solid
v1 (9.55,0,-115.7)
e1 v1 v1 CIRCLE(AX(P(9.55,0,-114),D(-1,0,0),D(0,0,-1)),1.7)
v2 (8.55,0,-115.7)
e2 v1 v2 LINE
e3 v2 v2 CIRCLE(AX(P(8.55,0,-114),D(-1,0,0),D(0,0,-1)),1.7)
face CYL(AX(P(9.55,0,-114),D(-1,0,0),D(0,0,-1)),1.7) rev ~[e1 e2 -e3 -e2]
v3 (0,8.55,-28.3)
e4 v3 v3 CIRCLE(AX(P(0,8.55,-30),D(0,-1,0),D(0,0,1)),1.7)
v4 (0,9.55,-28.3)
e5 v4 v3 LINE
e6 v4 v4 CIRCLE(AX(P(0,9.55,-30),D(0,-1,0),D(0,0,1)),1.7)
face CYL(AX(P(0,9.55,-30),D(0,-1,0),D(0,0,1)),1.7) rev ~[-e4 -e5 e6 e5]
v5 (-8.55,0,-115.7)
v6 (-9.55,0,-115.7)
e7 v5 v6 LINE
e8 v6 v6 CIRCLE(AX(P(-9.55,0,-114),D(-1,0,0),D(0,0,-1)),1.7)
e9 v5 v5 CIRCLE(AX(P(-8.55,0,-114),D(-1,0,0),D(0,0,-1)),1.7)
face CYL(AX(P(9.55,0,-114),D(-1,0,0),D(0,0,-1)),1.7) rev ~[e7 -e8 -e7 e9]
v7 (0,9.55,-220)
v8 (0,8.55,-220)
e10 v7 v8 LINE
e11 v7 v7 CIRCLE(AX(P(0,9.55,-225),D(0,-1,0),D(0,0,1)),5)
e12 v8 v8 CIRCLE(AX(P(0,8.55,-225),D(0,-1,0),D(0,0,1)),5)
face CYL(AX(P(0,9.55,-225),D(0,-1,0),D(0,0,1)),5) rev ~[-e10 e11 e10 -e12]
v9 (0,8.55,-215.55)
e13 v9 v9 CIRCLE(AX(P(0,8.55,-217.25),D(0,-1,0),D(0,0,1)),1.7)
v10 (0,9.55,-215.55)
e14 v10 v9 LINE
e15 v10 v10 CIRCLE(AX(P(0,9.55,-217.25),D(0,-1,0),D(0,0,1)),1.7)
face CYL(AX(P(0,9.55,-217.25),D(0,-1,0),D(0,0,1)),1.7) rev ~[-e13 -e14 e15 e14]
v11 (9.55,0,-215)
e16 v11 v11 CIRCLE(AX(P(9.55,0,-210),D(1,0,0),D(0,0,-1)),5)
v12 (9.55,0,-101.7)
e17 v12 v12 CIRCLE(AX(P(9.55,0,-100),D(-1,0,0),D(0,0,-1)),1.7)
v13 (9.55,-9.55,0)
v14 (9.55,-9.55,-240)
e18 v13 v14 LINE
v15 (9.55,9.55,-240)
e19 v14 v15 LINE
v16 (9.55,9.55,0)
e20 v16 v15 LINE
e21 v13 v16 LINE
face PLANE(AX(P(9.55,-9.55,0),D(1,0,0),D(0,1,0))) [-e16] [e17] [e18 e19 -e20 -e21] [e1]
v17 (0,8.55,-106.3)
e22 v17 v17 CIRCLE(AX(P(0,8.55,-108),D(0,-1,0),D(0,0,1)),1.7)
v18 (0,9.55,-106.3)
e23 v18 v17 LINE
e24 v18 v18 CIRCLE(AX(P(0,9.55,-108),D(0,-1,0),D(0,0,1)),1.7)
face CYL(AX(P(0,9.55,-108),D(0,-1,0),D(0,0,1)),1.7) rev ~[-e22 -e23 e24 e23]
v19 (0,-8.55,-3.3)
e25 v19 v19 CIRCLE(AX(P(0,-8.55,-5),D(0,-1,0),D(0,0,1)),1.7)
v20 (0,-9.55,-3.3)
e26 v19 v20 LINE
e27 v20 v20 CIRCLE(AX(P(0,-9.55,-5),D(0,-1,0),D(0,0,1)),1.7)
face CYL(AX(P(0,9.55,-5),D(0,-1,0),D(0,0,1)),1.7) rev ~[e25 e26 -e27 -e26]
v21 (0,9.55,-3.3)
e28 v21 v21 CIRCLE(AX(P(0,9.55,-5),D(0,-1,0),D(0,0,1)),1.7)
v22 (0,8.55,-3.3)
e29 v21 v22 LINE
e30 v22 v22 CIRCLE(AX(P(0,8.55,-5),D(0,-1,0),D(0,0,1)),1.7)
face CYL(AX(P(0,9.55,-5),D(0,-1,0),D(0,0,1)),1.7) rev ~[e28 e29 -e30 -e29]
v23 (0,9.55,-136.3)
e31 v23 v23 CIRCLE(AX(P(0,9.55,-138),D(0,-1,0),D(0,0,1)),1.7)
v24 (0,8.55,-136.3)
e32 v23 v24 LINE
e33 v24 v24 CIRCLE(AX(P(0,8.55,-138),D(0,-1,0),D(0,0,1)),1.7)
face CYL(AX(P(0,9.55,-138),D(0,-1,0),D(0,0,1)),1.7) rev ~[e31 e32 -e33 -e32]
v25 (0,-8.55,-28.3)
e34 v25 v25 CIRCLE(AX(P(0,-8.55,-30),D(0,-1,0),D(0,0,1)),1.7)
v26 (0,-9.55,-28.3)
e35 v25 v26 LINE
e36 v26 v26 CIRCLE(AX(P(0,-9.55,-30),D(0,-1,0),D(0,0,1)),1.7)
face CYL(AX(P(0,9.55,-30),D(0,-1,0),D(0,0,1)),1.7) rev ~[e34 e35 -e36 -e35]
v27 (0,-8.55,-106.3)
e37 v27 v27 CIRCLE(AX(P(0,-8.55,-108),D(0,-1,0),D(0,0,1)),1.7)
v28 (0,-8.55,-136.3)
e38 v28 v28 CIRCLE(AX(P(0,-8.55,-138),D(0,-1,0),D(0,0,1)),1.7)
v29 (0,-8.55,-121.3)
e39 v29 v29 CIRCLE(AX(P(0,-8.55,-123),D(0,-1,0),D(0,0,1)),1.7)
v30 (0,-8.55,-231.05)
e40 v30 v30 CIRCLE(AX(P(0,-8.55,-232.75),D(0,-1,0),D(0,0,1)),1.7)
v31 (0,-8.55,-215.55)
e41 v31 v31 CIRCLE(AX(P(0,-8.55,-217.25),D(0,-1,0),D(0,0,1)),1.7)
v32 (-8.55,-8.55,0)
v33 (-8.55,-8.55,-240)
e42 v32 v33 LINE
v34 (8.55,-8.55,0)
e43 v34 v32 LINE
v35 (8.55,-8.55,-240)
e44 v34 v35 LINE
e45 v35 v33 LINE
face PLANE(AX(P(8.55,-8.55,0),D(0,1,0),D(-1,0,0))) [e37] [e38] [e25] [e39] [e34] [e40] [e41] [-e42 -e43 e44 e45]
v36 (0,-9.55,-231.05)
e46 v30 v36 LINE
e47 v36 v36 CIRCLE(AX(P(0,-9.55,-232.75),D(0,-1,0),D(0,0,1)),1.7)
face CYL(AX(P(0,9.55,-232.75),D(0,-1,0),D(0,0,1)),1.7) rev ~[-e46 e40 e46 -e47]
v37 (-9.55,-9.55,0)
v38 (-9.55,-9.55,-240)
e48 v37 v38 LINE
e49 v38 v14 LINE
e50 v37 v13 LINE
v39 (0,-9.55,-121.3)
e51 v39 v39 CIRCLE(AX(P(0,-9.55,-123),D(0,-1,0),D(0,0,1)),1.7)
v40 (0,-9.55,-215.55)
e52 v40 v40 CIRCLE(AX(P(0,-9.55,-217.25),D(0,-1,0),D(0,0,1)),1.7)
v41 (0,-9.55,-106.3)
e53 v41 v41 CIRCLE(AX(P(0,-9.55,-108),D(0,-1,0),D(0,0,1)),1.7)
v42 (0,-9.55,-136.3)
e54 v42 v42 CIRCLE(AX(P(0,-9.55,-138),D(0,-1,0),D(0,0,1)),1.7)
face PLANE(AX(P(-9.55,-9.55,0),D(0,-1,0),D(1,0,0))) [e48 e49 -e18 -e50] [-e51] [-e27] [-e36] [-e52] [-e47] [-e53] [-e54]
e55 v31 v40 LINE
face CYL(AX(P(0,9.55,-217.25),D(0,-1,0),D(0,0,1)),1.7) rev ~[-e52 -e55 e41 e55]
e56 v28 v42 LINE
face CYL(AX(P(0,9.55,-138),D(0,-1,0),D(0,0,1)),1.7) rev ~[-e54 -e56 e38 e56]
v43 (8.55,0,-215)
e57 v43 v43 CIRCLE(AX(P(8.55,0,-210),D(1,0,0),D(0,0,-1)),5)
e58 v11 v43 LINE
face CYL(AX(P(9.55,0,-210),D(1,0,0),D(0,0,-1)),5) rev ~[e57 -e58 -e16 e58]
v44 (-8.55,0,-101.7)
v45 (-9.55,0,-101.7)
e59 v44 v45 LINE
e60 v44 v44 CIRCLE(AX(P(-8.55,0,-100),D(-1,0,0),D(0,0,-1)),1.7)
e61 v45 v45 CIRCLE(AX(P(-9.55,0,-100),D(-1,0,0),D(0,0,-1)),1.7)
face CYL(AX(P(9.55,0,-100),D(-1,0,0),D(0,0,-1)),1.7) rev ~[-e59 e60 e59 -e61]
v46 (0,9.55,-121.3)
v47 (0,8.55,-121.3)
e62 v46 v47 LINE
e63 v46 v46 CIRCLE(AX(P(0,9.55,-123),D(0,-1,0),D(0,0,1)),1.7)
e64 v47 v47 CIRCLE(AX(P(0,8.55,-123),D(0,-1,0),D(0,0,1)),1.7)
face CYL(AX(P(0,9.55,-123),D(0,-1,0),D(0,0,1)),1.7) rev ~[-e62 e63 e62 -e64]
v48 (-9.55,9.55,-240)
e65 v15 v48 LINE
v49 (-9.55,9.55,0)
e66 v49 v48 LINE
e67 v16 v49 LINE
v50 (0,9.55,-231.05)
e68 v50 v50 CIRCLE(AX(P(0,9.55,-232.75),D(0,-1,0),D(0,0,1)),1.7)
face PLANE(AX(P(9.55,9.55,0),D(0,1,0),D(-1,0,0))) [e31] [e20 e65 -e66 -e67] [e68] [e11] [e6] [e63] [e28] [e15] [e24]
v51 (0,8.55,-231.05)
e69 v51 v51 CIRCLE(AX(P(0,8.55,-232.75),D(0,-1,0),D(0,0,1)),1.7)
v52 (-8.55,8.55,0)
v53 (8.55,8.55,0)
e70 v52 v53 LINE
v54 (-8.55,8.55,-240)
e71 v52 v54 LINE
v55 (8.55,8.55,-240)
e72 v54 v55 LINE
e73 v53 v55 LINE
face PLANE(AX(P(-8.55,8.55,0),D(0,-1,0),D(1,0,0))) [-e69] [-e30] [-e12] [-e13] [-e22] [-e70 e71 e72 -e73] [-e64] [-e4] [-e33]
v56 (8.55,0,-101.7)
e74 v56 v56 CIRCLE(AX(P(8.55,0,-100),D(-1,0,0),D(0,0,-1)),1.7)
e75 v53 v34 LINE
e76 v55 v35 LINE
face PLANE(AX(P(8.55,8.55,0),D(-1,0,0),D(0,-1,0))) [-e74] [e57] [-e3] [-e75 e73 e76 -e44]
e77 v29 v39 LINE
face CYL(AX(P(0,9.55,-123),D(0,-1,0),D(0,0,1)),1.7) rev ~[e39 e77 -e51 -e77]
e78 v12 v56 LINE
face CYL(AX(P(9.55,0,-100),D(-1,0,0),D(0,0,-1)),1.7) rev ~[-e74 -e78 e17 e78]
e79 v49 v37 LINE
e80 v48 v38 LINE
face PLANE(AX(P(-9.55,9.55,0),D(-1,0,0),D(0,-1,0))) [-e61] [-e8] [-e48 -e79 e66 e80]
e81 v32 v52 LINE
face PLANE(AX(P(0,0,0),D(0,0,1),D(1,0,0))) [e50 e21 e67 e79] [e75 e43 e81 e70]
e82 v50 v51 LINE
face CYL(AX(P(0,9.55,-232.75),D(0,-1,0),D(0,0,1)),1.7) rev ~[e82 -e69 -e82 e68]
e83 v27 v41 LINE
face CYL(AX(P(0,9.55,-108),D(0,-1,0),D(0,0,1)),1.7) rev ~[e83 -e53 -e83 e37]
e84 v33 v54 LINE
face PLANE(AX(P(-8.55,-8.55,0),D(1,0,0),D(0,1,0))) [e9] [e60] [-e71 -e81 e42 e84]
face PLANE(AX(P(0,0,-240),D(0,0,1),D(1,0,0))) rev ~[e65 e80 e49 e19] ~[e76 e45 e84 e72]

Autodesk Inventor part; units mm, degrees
ref_plane "YZ Plane" through (0, 0, 0) normal (1, 0, 0) x (0, 1, 0)
ref_plane "XZ Plane" through (0, 0, 0) normal (0, 1, 0) x (-1, 0, 0)
ref_plane "XY Plane" through (0, 0, 0) normal (0, 0, 1) x (1, 0, 0)
sketch "Boceto1" plane through (0, 0, 0) normal (0, 0, 1) x (1, 0, 0)
  line L0 (-9.55, -9.55) -> (9.55, -9.55)
  line L1 (9.55, -9.55) -> (9.55, 9.55)
  line L2 (9.55, 9.55) -> (-9.55, 9.55)
  line L3 (-9.55, 9.55) -> (-9.55, -9.55)
  line L4 (-9.55, -9.55) -> (9.55, 9.55) construction
  line L5 (9.55, -9.55) -> (-9.55, 9.55) construction
  line L6 (-8.55, 8.55) -> (8.55, 8.55)
  line L7 (8.55, 8.55) -> (8.55, -8.55)
  line L8 (8.55, -8.55) -> (-8.55, -8.55)
  line L9 (-8.55, -8.55) -> (-8.55, 8.55)
  point P0 (0, 0)
  dimension "d0" = 19.1
  dimension "d1" = 19.1
  dimension "d2" = 1
extrude "Extrusión1" add sketch "Boceto1" against normal blind 240
sketch "Boceto2" plane through (-9.55, 9.55, 0) normal (0, 1, 0) x (1, 0, 0)
  line L0 (19.1, 0) -> (0, 0) projected
  line L1 (9.55, 0) -> (9.55, 240) construction
  line L2 (19.1, 240) -> (0, 240) construction
  point P0 (9.55, 5)
  point P1 (9.55, 30)
  point P2 (9.55, 108)
  point P3 (9.55, 123)
  point P4 (9.55, 138)
  point P5 (9.55, 225)
  point P6 (9.55, 232.75)
  point P7 (9.55, 217.25)
  dimension "d5" = 5
  dimension "d6" = 30
  dimension "d7" = 78
  dimension "d10" = 15
  dimension "d15" = 15
  dimension "d19" = 15.5
  dimension "d24" = 7.75
hole "Agujero1" at (0, 9.55, -5) at (0, 9.55, -30) at (0, 9.55, -108) at (0, 9.55, -123) at (0, 9.55, -138) at (0, 9.55, -217.25) at (0, 9.55, -232.75) direction (0, -1, 0) diameter 3.4 end through all clearance for "Tornillo para maquinaria de cabeza plana" size "M3" standard "Perfil M métrico ANSI"
hole "Agujero2" at (0, 9.55, -225) direction (0, -1, 0) diameter 10 depth 1
sketch "Boceto3" plane through (9.55, -9.55, 0) normal (1, 0, 0) x (0, 0, -1)
  line L0 (240, 19.1) -> (240, 0) construction
  line L1 (240, 9.55) -> (210, 9.55) construction
  circle A0 centre (210, 9.55) radius 5
  point P0 (0, 9.55)
  dimension "d39" = 30
  dimension "d40" = 10
extrude "Extrusión2" cut sketch "Boceto3" against normal up to next
sketch "Boceto4" plane through (9.55, -9.55, 0) normal (1, 0, 0) x (0, 0, -1)
  line L0 (0, 9.55) -> (191.9692, 9.55) construction
  line L1 (0, 0) -> (0, 19.1) construction
  point P0 (100, 9.55)
  point P1 (114, 9.55)
  dimension "d43" = 100
  dimension "d44" = 14
hole "Agujero3" at (9.55, 0, -100) at (9.55, 0, -114) direction (-1, 0, 0) diameter 3.4 end through all clearance for "Tornillo para maquinaria de cabeza plana" size "M3" standard "Perfil M métrico ANSI"
properties part number "perfil" material "Aluminio 6061"
